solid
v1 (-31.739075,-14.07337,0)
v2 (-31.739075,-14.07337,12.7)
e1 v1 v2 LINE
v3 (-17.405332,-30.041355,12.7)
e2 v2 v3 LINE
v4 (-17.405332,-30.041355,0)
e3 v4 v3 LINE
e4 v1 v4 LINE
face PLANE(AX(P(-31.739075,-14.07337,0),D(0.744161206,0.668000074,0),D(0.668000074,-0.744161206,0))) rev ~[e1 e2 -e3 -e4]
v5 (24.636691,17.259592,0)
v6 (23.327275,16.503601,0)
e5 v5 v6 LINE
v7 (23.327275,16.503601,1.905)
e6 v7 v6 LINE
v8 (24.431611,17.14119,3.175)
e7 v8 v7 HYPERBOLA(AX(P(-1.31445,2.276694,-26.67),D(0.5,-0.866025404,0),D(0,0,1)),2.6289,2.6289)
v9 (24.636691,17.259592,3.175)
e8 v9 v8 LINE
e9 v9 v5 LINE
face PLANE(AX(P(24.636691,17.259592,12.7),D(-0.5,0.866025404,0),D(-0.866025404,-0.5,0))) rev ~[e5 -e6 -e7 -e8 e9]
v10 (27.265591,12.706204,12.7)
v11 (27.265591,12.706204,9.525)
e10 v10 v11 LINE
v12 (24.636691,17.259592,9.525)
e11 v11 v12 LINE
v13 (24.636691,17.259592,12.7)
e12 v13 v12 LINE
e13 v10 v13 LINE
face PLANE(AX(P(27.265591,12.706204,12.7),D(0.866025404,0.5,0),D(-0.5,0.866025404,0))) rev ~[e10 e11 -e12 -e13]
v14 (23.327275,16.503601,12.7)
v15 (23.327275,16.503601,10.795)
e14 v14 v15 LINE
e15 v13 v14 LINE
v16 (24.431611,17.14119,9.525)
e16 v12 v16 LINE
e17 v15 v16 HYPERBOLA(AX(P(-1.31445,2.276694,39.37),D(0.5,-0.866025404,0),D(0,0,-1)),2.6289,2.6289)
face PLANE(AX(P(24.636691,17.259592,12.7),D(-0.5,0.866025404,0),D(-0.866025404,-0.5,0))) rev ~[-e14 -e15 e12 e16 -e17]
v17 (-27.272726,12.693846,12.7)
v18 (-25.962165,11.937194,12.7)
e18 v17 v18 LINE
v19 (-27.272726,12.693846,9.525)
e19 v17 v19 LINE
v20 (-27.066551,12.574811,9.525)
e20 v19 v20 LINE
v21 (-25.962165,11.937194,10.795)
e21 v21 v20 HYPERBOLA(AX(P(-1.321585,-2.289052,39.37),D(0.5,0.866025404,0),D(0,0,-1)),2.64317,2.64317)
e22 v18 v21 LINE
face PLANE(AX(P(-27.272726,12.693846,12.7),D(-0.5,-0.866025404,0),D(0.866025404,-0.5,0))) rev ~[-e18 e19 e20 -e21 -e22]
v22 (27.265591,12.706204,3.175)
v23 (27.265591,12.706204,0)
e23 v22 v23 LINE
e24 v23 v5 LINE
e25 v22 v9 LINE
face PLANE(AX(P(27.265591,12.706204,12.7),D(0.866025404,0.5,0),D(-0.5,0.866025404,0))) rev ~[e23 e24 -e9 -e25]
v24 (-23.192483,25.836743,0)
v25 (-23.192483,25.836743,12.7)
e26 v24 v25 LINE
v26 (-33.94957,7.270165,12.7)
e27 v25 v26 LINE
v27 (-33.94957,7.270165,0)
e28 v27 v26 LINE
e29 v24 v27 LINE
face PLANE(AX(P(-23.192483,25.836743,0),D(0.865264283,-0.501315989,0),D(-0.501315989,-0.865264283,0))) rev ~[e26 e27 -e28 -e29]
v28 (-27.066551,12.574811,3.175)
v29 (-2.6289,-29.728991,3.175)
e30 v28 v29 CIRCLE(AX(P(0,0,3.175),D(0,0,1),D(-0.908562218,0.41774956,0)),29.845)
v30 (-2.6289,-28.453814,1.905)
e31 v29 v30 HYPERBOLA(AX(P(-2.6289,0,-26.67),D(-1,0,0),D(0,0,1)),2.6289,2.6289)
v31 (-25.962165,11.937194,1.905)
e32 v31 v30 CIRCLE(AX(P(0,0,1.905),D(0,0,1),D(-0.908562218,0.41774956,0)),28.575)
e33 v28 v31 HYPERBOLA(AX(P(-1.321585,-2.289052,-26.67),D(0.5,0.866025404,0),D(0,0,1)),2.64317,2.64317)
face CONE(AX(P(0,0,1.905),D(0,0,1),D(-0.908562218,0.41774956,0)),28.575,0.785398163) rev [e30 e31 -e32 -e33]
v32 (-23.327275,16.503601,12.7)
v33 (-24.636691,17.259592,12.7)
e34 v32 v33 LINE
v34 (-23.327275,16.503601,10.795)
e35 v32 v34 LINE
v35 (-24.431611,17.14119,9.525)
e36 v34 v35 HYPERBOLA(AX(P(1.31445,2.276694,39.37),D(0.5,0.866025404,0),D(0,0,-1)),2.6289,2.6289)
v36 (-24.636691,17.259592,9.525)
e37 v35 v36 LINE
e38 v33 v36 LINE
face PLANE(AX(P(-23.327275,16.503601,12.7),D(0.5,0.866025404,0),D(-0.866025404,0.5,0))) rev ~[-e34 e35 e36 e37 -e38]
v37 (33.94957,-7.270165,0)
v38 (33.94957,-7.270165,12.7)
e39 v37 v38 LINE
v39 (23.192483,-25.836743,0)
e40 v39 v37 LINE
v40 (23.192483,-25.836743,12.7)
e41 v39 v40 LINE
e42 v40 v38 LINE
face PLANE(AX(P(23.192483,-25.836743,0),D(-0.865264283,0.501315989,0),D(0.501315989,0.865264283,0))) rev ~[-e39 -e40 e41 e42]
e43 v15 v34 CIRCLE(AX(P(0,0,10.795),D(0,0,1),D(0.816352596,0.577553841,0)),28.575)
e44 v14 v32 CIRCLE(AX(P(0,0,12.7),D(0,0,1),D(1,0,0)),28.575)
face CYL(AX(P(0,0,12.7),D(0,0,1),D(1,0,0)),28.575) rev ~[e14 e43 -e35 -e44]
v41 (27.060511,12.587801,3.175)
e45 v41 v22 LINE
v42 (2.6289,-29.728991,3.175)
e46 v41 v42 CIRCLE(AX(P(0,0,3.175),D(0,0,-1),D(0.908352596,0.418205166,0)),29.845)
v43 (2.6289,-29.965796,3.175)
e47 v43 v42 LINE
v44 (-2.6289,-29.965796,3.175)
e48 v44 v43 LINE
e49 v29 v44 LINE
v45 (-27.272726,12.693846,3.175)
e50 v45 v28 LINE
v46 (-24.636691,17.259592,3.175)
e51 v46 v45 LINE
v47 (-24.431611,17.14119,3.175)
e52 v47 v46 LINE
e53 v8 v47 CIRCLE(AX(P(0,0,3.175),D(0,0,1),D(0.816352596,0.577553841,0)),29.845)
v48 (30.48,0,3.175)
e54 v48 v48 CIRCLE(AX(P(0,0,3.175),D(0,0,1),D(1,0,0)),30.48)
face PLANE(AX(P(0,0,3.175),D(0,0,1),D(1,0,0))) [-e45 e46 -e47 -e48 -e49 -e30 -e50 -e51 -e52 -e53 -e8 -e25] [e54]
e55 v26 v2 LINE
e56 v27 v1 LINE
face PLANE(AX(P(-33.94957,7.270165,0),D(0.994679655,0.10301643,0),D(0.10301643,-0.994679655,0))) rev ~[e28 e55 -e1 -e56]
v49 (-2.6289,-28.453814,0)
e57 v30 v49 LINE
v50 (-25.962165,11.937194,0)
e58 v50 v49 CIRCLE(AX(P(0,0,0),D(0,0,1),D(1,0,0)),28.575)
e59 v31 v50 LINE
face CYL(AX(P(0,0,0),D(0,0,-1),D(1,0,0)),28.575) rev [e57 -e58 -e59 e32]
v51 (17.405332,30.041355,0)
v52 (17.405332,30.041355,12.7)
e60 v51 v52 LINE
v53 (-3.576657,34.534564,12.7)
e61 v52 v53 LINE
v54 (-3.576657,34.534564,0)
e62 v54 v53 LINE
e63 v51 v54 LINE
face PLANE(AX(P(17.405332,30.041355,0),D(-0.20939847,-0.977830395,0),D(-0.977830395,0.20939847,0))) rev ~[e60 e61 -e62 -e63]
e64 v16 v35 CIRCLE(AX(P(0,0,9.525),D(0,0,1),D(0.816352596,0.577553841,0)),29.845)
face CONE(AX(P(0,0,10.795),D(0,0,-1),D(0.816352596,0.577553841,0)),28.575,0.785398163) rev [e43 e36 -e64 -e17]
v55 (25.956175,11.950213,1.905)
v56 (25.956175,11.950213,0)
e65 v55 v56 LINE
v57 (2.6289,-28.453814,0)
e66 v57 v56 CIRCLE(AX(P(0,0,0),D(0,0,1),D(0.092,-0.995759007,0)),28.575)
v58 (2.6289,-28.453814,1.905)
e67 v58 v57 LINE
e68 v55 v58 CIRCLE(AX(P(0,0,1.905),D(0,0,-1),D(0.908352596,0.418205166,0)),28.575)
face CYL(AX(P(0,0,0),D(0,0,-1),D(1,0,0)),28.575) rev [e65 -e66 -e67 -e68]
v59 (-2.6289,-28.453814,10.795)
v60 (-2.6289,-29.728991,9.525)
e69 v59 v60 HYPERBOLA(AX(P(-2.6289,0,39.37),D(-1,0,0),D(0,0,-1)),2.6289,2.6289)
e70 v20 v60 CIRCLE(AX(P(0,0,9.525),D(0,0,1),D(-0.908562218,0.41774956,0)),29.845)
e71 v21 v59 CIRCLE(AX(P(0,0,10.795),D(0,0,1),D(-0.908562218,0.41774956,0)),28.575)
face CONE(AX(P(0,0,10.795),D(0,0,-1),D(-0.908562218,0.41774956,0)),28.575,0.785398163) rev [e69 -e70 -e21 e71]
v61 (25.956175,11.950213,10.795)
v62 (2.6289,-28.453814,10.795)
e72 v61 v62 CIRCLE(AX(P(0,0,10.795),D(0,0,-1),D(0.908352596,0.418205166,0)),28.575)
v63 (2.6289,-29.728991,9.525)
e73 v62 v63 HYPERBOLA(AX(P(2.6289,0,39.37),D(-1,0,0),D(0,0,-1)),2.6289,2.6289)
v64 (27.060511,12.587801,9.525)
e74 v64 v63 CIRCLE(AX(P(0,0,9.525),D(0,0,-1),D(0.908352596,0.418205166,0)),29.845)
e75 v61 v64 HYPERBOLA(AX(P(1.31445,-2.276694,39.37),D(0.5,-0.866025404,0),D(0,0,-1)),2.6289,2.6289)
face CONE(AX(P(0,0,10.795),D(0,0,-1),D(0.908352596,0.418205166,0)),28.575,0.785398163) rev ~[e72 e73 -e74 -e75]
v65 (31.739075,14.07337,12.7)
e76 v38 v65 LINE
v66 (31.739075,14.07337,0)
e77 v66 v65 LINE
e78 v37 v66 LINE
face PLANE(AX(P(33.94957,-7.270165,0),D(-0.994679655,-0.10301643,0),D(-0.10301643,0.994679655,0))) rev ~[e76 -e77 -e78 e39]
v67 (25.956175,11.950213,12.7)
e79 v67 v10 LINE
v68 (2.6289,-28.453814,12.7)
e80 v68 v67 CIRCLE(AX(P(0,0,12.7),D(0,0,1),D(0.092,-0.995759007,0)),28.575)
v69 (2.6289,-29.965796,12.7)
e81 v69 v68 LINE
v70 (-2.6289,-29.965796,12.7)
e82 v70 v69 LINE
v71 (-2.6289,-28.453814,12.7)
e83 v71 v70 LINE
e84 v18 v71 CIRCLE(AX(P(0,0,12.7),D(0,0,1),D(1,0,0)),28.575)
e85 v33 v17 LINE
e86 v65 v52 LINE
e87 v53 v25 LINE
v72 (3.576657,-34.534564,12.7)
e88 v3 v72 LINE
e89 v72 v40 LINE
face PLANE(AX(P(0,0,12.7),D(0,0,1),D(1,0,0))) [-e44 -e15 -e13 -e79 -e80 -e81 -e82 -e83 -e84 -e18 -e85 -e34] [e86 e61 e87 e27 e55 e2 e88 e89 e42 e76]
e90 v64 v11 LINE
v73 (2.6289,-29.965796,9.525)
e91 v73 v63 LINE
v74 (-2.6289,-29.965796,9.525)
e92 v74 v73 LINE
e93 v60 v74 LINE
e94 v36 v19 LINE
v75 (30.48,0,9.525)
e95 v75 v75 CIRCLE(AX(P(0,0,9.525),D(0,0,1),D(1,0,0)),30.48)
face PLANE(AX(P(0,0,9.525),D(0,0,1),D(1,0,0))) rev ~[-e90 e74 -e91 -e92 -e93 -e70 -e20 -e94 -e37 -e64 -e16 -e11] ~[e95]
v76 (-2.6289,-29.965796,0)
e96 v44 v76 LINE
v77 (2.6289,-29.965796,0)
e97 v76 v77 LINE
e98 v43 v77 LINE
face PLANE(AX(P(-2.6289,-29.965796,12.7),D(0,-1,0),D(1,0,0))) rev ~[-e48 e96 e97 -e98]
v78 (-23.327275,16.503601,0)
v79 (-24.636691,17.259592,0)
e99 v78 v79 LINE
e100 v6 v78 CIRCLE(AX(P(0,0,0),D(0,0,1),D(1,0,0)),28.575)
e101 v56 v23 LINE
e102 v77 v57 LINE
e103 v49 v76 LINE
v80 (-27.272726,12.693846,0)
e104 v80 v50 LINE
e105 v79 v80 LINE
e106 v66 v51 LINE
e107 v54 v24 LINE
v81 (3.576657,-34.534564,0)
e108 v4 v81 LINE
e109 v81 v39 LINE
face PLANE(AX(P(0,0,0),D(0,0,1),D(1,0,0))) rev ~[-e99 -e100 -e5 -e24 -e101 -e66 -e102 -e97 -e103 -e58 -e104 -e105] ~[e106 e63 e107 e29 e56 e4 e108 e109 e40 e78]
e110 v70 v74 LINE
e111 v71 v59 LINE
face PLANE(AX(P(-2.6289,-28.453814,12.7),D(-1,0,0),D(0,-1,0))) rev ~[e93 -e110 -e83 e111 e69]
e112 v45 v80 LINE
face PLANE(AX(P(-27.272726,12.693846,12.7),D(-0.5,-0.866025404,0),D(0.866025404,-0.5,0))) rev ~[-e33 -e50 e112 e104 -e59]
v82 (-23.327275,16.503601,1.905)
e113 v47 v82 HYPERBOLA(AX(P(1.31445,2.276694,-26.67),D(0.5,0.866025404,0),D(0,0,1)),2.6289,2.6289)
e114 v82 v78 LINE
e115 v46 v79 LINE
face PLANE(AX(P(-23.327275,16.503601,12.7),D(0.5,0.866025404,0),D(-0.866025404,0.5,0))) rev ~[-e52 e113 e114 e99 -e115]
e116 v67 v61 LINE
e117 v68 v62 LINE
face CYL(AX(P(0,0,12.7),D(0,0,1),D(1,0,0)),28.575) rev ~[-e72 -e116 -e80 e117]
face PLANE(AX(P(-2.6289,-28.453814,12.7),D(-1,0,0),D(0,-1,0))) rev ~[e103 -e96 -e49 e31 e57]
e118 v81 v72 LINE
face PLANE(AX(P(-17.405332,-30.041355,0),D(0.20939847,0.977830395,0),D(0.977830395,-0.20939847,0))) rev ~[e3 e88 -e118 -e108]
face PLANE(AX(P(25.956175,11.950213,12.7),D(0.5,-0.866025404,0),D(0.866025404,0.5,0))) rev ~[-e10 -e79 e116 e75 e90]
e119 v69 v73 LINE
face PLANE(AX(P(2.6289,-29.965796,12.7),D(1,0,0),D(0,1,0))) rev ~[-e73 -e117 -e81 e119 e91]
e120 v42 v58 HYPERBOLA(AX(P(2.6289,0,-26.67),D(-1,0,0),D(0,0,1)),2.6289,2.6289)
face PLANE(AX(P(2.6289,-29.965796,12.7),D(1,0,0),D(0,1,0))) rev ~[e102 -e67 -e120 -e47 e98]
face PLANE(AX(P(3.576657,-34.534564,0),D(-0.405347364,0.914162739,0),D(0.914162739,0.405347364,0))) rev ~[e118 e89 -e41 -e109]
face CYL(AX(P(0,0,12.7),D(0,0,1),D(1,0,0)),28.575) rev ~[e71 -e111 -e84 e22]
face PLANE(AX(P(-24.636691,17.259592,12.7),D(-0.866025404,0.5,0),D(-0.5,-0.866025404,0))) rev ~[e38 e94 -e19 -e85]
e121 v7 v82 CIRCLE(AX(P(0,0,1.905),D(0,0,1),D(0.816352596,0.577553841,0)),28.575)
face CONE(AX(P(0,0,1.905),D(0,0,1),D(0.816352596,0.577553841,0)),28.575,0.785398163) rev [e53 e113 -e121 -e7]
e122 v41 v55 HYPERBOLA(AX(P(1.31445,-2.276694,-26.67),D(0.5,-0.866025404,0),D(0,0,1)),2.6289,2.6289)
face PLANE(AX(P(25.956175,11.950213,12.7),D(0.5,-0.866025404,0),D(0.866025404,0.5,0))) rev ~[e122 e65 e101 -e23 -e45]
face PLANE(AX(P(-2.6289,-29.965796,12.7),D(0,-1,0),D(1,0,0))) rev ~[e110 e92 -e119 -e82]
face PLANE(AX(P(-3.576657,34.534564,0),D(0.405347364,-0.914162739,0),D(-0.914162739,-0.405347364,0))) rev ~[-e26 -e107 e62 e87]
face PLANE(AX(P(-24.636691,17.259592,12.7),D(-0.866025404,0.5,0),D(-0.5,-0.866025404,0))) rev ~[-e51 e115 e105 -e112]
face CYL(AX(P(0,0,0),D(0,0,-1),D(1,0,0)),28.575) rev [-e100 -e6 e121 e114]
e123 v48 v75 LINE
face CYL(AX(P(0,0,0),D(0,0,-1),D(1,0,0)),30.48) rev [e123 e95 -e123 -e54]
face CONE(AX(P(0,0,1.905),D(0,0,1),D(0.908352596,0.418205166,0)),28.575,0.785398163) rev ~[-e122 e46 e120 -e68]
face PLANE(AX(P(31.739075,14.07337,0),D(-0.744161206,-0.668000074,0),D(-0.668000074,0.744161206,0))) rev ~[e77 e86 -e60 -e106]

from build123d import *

# Parameters (mm, degrees)
F0_R     = 30.48
F1_DEPTH = 12.7
F2_R     = 30.48
F2_R_2   = 28.575
F3_DEPTH = 3.175
F4_R     = 30.48
F4_R_2   = 28.575
F5_DEPTH = 3.175
F7_DEPTH = 25.4
F8_SIZE  = 1.27


with BuildPart() as f1:
    # F0 (on Top) → F1 (new body)
    with BuildSketch(Plane.XY):
        Polygon((23.1924833864, -25.8367432489), (33.9495698503, -7.2701646691), (31.7390745349, 14.0733697105), (17.4053315185, 30.0413551969), (-3.5766565524, 34.5345640662), (-23.1924833864, 25.8367432489), (-33.9495698503, 7.2701646691), (-31.7390745349, -14.0733697105), (-17.4053315185, -30.0413551969), (3.5766565524, -34.5345640662), align=None)
        Circle(F0_R, mode=Mode.SUBTRACT)
    extrude(amount=F1_DEPTH)

    # F2 (on Top) → F3 (join)
    with BuildSketch(Plane.XY):
        Circle(F2_R)
        Circle(F2_R_2, mode=Mode.SUBTRACT)
    extrude(amount=F3_DEPTH)

    # F4 (on face) → F5 (join)
    with BuildSketch(Plane.XY.offset(12.7)):
        Circle(F4_R)
        Circle(F4_R_2, mode=Mode.SUBTRACT)
    extrude(amount=-F5_DEPTH)

    # F6 (on face) → F7 (cut)
    with BuildSketch(Plane.XY.offset(12.7)):
        with BuildLine():
            ThreePointArc((-25.9621653925, 11.9371936874), (-24.7502578404, 14.2812941233), (-23.3272754336, 16.5036009964))
            Line((-23.3272754336, 16.5036009964), (-24.6366906869, 17.2595922453))
            Line((-24.6366906869, 17.2595922453), (-27.2727255434, 12.6938459433))
            Line((-27.2727255434, 12.6938459433), (-25.9621653925, 11.9371936874))
        make_face()
        with BuildLine():
            ThreePointArc((23.3272754336, 16.5036009964), (24.7466759131, 14.2875), (25.9561754336, 11.9502126283))
            Line((25.9561754336, 11.9502126283), (27.2655906869, 12.7062038773))
            Line((27.2655906869, 12.7062038773), (24.6366906869, 17.2595922453))
            Line((24.6366906869, 17.2595922453), (23.3272754336, 16.5036009964))
        make_face()
        with BuildLine():
            Line((2.6289, -29.9657961227), (2.6289, -28.4538136247))
            ThreePointArc((2.6289, -28.4538136247), (0, -28.575), (-2.6289, -28.4538136247))
            Line((-2.6289, -28.4538136247), (-2.6289, -29.9657961227))
            Line((-2.6289, -29.9657961227), (2.6289, -29.9657961227))
        make_face()
    extrude(amount=-F7_DEPTH, mode=Mode.SUBTRACT)

    # F8
    f8_edges = [f1.edges().sort_by_distance(p)[0] for p in [
        (-24.743092, -14.293705, 3.175),
        (24.746676, -14.2875, 3.175),
        (-24.743092, -14.293705, 9.525),
        (24.746676, -14.2875, 9.525),
        (0, 28.575, 3.175),
        (0, 28.575, 9.525),
    ]]
    chamfer(f8_edges, length=F8_SIZE)


solid = f1.part
